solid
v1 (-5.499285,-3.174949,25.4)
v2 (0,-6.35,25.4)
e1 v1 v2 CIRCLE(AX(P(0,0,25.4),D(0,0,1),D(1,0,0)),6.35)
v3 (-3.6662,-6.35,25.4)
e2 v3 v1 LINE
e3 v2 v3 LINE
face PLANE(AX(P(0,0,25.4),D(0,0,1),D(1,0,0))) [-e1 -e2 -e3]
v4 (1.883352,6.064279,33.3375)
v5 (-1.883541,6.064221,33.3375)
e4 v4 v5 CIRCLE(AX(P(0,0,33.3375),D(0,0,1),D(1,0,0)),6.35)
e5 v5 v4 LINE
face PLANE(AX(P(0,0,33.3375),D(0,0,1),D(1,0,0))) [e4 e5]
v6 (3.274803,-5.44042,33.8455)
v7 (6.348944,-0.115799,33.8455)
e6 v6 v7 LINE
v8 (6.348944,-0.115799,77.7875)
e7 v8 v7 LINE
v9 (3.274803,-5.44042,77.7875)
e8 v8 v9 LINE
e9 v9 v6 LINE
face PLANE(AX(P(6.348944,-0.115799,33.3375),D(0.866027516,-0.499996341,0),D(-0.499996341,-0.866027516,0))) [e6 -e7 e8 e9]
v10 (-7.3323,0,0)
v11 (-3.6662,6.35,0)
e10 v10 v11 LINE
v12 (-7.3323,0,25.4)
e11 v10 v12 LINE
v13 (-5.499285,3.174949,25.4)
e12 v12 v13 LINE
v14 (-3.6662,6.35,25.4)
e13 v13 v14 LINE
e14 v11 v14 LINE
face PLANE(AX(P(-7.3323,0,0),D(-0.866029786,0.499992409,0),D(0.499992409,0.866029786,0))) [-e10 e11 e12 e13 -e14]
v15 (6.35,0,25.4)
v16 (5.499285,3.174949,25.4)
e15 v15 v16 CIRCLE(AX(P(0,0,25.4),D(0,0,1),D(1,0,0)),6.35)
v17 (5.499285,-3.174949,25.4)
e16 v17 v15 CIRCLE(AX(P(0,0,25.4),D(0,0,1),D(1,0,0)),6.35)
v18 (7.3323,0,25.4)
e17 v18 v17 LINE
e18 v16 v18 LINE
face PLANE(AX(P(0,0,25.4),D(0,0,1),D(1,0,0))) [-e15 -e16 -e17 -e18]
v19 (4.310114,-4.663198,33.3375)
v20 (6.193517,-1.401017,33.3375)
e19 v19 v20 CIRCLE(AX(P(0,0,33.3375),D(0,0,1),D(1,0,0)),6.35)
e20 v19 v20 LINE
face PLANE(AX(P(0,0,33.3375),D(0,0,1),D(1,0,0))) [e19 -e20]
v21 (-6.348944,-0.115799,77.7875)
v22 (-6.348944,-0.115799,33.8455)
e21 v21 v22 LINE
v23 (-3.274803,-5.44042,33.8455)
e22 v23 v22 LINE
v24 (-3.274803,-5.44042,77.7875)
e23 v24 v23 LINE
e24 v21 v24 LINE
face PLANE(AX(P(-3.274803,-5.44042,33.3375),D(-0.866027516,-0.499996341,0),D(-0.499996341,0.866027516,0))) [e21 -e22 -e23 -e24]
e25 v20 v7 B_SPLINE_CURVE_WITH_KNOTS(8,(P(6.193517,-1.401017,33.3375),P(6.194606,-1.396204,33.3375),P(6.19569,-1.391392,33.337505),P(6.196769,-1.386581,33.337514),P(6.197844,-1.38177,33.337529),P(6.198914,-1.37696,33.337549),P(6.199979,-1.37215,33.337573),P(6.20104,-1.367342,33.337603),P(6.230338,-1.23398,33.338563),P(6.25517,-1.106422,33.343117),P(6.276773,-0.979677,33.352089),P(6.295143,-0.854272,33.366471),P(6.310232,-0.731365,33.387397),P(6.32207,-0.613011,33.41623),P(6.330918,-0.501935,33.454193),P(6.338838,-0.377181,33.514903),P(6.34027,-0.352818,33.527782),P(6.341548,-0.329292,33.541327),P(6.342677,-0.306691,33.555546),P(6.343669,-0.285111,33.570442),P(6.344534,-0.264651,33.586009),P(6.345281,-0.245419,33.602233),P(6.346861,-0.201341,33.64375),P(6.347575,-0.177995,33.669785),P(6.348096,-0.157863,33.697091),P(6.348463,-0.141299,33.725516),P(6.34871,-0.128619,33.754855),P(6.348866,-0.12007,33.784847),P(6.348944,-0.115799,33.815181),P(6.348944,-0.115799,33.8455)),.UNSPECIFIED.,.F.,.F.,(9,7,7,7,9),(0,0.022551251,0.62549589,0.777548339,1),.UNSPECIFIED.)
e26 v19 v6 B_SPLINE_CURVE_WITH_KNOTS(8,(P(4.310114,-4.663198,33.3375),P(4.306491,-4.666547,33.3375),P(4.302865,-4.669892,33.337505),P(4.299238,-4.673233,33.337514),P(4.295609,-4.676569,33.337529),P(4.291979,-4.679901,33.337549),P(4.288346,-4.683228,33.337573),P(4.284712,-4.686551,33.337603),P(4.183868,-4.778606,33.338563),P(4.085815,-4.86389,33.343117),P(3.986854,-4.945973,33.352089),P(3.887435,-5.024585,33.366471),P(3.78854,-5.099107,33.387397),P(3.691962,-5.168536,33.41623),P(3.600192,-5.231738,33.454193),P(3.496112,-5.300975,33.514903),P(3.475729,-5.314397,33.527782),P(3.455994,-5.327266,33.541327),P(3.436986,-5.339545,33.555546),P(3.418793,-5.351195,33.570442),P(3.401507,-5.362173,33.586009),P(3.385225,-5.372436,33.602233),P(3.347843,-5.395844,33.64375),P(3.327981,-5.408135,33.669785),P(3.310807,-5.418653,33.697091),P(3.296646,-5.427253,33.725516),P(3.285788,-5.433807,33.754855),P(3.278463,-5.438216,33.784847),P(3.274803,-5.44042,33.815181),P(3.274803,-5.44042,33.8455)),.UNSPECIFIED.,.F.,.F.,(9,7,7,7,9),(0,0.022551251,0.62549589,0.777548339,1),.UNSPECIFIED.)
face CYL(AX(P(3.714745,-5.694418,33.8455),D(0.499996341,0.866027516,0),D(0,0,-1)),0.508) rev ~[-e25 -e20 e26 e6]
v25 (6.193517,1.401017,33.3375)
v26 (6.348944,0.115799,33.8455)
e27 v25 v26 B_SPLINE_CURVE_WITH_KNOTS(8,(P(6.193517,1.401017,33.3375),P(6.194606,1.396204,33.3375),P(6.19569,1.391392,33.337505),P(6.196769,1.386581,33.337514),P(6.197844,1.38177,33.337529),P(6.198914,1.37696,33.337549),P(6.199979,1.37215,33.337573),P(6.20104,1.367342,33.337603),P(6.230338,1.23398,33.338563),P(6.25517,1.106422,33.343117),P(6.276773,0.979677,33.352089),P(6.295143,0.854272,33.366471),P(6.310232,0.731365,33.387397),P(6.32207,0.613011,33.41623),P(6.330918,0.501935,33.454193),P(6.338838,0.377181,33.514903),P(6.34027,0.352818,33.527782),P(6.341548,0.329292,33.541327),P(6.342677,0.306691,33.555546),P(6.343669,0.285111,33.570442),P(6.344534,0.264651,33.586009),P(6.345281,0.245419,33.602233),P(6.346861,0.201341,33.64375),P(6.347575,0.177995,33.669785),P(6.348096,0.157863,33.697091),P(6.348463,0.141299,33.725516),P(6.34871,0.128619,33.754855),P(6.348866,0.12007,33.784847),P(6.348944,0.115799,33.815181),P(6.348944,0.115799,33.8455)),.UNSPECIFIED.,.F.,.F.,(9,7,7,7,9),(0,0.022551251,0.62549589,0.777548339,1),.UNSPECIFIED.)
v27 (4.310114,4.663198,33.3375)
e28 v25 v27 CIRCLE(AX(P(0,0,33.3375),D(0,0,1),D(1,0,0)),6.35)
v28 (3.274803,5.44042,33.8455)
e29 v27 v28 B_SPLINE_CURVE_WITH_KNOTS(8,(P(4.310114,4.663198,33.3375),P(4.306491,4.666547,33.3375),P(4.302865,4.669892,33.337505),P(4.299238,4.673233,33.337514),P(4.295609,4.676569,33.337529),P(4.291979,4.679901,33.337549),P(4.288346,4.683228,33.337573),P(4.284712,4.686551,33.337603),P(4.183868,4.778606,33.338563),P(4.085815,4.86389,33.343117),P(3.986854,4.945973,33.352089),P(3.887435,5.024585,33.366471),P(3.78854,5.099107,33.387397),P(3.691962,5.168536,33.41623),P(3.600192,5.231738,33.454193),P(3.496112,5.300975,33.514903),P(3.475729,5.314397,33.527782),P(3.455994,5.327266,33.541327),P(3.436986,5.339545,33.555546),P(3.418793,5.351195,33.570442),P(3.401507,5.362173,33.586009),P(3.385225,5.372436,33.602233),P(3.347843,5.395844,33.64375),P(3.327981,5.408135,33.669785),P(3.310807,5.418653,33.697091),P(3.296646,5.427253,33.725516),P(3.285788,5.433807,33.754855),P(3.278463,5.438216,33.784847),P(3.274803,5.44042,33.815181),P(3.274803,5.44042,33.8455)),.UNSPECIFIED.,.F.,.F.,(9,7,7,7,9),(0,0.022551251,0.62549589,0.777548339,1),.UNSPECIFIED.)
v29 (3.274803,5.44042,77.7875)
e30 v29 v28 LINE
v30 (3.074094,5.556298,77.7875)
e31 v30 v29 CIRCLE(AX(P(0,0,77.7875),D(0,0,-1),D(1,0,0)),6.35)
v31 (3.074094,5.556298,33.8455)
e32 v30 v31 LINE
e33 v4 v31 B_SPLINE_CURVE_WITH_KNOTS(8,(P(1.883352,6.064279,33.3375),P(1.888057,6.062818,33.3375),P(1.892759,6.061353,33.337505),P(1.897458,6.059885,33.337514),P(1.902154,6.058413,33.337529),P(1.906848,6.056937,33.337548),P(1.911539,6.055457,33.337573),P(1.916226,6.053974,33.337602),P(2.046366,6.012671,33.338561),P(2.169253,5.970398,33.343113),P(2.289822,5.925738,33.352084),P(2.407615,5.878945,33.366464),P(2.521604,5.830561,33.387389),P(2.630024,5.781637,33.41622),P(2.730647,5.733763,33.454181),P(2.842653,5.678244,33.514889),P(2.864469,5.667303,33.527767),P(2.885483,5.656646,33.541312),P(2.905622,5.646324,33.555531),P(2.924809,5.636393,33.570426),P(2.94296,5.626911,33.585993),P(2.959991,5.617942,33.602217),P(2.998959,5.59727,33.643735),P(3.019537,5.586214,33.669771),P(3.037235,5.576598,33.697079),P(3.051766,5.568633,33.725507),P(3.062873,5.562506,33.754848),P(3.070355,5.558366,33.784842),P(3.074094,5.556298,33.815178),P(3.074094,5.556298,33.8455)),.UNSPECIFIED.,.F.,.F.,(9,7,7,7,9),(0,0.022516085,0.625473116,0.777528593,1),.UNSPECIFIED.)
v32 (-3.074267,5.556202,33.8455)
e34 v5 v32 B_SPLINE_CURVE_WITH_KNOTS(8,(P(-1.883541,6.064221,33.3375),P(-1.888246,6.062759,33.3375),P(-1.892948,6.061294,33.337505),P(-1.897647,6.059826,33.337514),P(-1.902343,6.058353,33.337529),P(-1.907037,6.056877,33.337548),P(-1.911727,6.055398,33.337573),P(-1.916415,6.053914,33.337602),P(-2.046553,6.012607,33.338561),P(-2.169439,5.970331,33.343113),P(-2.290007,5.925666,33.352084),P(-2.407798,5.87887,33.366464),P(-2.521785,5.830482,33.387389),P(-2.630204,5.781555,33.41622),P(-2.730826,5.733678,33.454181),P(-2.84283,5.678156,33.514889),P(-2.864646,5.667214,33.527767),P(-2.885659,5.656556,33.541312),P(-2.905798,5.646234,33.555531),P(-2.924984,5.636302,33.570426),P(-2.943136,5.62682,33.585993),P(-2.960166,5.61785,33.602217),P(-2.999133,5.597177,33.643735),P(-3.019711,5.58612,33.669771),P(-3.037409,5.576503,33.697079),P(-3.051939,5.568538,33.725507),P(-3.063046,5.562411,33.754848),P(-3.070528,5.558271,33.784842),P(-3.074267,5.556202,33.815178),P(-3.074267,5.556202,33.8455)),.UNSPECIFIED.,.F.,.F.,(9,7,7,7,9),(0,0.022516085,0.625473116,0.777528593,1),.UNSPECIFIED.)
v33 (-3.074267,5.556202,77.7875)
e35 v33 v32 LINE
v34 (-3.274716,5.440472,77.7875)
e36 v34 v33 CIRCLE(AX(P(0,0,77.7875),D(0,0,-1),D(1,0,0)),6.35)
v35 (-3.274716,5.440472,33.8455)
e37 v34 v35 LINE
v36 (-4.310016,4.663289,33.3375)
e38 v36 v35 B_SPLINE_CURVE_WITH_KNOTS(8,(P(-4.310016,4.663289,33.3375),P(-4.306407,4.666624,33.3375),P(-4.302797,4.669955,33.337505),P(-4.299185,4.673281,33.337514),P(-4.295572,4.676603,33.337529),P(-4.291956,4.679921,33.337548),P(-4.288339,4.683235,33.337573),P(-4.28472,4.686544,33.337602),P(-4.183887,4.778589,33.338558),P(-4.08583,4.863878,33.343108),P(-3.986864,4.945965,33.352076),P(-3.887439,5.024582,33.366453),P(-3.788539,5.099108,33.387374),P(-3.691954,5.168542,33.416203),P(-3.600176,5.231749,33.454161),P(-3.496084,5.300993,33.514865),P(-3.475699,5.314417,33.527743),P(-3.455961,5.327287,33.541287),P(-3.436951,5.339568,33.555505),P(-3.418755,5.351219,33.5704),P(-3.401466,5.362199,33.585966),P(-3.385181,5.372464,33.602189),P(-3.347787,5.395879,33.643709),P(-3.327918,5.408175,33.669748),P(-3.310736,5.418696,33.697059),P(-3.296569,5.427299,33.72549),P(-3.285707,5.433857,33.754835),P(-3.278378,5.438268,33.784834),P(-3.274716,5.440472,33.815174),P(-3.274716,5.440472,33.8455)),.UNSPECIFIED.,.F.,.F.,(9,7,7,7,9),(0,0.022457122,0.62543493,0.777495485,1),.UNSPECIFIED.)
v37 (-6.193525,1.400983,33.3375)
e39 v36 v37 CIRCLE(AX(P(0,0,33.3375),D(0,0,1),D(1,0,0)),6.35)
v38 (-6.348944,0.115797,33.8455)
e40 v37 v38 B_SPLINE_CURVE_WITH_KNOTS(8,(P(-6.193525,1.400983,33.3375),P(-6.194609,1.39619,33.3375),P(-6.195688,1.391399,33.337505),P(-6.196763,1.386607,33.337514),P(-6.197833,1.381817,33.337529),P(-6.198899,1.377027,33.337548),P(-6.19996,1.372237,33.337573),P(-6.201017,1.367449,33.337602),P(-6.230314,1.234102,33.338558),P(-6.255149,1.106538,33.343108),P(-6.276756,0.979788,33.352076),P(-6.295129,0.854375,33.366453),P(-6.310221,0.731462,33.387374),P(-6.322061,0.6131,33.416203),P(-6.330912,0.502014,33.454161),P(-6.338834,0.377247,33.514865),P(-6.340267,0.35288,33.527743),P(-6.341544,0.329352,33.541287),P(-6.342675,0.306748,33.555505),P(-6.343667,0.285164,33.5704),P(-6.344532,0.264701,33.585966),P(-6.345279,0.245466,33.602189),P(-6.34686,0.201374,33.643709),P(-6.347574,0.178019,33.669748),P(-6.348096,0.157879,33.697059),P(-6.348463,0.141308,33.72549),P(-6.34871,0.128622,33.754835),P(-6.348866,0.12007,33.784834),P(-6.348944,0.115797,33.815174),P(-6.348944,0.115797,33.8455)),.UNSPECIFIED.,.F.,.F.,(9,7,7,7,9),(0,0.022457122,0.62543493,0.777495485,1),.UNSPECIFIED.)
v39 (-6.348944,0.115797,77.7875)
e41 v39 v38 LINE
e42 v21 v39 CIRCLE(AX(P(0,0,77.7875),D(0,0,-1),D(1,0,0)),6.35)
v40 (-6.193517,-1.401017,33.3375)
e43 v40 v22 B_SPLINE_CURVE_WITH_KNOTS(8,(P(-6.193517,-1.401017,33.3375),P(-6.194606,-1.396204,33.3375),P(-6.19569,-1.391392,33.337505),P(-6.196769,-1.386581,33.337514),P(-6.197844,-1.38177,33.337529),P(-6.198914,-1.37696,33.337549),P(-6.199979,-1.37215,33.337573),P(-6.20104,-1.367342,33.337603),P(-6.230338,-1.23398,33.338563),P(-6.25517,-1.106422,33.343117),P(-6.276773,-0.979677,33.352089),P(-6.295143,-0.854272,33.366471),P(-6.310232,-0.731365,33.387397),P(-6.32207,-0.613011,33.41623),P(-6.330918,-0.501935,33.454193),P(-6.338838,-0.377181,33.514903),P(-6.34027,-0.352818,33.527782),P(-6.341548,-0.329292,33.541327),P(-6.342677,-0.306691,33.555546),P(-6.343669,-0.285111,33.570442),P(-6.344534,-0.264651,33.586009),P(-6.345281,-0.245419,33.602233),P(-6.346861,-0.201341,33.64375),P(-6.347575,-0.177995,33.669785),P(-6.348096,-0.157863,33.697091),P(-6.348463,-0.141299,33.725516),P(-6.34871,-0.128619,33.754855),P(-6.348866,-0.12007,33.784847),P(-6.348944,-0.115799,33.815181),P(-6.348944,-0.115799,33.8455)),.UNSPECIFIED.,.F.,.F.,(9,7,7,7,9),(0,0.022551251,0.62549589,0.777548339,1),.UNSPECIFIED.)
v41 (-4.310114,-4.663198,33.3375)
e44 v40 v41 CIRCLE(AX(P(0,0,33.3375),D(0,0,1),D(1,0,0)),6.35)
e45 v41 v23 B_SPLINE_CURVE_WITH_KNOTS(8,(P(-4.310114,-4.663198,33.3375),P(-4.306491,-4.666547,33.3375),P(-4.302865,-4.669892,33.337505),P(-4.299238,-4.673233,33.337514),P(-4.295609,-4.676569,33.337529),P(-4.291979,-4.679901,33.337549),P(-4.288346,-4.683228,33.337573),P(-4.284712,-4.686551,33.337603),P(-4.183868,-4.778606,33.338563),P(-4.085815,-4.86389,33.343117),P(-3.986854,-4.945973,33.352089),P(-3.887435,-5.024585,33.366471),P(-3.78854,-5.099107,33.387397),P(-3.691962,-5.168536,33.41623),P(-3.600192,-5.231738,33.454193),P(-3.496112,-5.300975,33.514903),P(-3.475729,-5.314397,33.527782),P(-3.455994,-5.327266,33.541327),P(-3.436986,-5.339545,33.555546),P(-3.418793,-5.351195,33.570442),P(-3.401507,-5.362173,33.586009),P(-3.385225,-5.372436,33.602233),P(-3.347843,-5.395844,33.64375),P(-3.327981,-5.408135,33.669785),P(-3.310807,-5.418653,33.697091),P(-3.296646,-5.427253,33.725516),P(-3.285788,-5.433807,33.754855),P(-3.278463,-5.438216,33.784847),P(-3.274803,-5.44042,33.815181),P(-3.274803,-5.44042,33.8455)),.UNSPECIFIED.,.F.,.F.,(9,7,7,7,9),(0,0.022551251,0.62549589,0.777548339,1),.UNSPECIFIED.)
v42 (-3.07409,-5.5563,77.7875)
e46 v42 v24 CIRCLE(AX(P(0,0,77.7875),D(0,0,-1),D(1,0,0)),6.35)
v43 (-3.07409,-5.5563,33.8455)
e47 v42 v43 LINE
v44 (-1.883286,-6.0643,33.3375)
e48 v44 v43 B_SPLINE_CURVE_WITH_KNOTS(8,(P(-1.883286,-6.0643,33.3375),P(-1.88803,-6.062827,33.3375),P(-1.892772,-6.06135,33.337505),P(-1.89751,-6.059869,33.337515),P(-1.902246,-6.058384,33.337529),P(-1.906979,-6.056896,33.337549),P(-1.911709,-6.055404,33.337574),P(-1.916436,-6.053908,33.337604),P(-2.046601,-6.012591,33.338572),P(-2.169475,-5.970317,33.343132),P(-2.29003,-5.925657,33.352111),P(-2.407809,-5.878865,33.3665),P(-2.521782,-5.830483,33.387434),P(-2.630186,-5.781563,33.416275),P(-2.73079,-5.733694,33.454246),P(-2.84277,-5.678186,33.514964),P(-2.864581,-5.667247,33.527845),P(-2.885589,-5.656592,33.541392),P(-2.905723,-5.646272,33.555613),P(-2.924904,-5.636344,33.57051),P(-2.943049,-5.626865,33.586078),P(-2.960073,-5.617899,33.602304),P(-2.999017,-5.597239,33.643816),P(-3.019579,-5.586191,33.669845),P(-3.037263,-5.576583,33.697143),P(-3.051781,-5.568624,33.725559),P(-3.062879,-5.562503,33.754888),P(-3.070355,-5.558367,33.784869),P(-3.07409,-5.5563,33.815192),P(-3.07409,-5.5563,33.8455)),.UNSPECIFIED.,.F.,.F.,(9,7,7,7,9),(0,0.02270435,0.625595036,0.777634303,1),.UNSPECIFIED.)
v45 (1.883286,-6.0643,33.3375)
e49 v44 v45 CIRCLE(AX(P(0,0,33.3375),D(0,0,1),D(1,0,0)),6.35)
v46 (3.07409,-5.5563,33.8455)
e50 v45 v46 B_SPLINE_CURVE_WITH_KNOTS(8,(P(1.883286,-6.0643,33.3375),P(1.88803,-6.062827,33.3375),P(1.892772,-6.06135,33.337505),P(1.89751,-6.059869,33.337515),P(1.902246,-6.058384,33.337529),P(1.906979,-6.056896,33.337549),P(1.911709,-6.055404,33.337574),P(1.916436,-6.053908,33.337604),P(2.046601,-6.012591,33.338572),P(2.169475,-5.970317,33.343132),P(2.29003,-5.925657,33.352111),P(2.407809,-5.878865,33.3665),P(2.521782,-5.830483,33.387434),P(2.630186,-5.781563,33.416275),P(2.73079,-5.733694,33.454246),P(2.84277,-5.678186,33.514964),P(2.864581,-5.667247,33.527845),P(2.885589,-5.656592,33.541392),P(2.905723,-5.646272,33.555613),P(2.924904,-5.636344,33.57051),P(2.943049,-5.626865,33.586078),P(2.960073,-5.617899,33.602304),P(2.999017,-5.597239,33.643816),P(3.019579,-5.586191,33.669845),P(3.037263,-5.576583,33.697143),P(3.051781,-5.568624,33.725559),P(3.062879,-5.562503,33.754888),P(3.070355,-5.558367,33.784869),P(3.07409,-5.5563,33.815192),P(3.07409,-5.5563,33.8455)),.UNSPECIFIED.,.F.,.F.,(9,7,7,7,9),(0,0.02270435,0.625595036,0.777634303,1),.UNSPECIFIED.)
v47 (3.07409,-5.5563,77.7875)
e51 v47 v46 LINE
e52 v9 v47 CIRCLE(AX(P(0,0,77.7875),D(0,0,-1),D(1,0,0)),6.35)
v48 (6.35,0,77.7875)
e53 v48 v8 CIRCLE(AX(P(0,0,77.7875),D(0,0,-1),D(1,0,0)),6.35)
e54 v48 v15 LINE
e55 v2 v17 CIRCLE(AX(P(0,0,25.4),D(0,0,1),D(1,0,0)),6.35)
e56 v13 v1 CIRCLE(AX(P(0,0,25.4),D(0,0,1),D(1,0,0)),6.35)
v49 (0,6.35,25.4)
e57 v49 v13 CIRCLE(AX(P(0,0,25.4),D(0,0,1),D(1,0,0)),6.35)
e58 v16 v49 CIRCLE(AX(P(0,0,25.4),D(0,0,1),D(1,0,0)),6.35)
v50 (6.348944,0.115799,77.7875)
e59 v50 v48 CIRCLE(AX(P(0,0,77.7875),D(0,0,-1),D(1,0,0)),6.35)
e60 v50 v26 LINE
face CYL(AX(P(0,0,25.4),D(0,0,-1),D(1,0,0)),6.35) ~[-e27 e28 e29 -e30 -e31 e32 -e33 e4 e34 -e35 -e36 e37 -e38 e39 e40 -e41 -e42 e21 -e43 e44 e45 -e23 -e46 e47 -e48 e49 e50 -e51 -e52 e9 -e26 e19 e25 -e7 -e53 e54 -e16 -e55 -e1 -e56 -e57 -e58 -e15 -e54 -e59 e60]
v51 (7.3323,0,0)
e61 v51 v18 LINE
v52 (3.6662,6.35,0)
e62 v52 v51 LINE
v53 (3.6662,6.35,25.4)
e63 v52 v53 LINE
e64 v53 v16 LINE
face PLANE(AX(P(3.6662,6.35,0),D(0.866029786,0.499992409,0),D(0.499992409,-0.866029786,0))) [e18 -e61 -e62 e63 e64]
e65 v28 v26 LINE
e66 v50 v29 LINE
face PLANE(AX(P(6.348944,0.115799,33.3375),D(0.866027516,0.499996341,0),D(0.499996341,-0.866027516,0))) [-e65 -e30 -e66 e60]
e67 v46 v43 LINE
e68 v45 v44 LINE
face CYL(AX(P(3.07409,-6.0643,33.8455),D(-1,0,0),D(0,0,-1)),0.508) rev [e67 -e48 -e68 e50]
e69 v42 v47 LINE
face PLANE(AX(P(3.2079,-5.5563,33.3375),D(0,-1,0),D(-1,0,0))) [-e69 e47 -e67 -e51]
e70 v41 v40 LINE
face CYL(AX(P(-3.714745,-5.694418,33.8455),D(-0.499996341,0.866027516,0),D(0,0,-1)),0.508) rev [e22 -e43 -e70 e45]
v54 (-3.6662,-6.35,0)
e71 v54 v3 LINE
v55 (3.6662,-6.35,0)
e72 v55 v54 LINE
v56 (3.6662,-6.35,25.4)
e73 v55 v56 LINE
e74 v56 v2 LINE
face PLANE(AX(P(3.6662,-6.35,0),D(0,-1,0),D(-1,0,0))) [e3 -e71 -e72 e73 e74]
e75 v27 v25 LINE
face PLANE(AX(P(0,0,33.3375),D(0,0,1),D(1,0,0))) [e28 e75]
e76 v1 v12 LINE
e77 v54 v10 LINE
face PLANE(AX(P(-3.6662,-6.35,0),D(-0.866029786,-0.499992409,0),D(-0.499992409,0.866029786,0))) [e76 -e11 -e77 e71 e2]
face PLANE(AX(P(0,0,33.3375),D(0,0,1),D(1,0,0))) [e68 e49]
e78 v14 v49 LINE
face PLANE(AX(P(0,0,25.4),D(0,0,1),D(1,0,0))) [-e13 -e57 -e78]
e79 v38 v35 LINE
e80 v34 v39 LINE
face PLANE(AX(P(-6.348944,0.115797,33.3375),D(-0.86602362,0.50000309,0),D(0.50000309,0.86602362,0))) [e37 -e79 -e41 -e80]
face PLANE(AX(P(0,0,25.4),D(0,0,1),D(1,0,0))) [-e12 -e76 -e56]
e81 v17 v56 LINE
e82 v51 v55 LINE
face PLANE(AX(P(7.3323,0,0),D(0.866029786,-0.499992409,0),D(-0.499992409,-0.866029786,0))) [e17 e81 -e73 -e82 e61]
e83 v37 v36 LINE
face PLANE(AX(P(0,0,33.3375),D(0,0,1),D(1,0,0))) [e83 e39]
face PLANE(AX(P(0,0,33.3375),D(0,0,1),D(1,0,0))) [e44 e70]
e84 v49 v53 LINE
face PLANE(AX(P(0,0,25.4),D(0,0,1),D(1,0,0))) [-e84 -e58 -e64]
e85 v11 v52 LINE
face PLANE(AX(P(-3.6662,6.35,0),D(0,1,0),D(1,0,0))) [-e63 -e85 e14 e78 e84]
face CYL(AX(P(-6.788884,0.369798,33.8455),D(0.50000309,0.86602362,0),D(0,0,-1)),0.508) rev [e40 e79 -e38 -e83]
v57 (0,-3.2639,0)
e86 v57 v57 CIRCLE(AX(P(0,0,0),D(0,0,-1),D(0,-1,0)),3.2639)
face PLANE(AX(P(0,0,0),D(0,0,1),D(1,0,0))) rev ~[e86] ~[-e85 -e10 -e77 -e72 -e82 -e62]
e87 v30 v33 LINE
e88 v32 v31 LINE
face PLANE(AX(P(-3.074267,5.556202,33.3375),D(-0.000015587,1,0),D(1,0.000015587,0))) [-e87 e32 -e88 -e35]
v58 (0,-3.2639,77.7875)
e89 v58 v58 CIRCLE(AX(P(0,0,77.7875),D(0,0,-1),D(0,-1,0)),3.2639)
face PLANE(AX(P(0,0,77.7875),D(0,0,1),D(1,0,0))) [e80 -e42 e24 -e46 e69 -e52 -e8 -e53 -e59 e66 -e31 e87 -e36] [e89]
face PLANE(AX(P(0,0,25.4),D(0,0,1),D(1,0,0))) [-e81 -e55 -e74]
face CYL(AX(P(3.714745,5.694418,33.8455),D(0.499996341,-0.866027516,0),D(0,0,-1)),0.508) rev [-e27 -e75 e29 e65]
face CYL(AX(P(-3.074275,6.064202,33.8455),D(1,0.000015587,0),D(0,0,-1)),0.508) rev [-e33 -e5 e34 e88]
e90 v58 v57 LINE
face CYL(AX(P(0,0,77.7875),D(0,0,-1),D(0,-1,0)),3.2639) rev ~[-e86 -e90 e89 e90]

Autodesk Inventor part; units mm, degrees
ref_plane "YZ Plane" through (0, 0, 0) normal (1, 0, 0) x (0, 1, 0)
ref_plane "XZ Plane" through (0, 0, 0) normal (0, 1, 0) x (-1, 0, 0)
sketch "Sketch1" plane through (0, 0, 0) normal (0, 0, 1) x (1, 0, 0)
  line L0 (-7.3323, 0) -> (-3.6662, 6.35)
  line L1 (-3.6662, 6.35) -> (3.6662, 6.35)
  line L2 (3.6662, 6.35) -> (7.3323, 0)
  line L3 (7.3323, 0) -> (3.6662, -6.35)
  line L4 (3.6662, -6.35) -> (-3.6662, -6.35)
  line L5 (-3.6662, -6.35) -> (-7.3323, 0)
  point P0 (0, 0)
  point P1 (0, 0)
  dimension "d0" = 12.7
extrude "Extrusion1" add sketch "Sketch1" along normal blind 25.4
sketch "Sketch2" plane through (0, 0, 25.4) normal (0, 0, 1) x (1, 0, 0)
  circle A0 centre (0, 0) radius 6.35
  circle A1 centre (0, 0) radius 7.9375
  dimension "d3" = 12.7
  dimension "d18" = 15.875
extrude "Extrusion2" add sketch "Sketch2" along normal blind 7.9375 contours A0
ref_plane "Work Plane1" through (0, 0, 33.3375) normal (0, 0, 1) x (1, 0, 0)
sketch "Sketch3" plane through (0, 0, 33.3375) normal (0, 0, 1) x (1, 0, 0)
  circle A0 centre (0, 0) radius 6.35 projected
  line L0 (-6.4158, 0) -> (-3.2079, 5.5562)
  line L1 (-3.2079, 5.5562) -> (3.2079, 5.5563)
  line L2 (3.2079, 5.5563) -> (6.4158, 0)
  line L3 (6.4158, 0) -> (3.2079, -5.5563)
  line L4 (3.2079, -5.5563) -> (-3.2079, -5.5563)
  line L5 (-3.2079, -5.5563) -> (-6.4158, 0)
  dimension "d7" = 11.1125
extrude "Extrusion3" add sketch "Sketch3" along normal blind 44.45 contours A0 L3 L4 L5 L0 L1 L2 | A0 L2 L3 | A0 L1 L2 | L3 L4 A0 | A0 L0 L1 | L4 L5 A0 | A0 L5 L0
extrude "Extrusion6" cut sketch "Sketch2" along normal through all
fillet "Fillet1" radius 0.508 6 edges at (0, 5.5562, 33.3375) (4.8119, 2.7781, 33.3375) (4.8119, -2.7781, 33.3375) (0, -5.5563, 33.3375) (-4.8119, -2.7781, 33.3375) (-4.8119, 2.7781, 33.3375)
sketch "Sketch6" plane through (0, 0, 77.7875) normal (0, 0, 1) x (1, 0, 0)
  arc A0 (-3.0742, 5.5562) -> (-3.2748, 5.4404) centre (0, 0) ccw projected
hole "Hole2" at (0, 0, 77.7875) direction (0, 0, -1) diameter 6.5278 end through all clearance for "Socket Head Cap Screw" size "1/4" standard "Ansi Unified Screw Threads"
properties part number "Base OutputShaft"
